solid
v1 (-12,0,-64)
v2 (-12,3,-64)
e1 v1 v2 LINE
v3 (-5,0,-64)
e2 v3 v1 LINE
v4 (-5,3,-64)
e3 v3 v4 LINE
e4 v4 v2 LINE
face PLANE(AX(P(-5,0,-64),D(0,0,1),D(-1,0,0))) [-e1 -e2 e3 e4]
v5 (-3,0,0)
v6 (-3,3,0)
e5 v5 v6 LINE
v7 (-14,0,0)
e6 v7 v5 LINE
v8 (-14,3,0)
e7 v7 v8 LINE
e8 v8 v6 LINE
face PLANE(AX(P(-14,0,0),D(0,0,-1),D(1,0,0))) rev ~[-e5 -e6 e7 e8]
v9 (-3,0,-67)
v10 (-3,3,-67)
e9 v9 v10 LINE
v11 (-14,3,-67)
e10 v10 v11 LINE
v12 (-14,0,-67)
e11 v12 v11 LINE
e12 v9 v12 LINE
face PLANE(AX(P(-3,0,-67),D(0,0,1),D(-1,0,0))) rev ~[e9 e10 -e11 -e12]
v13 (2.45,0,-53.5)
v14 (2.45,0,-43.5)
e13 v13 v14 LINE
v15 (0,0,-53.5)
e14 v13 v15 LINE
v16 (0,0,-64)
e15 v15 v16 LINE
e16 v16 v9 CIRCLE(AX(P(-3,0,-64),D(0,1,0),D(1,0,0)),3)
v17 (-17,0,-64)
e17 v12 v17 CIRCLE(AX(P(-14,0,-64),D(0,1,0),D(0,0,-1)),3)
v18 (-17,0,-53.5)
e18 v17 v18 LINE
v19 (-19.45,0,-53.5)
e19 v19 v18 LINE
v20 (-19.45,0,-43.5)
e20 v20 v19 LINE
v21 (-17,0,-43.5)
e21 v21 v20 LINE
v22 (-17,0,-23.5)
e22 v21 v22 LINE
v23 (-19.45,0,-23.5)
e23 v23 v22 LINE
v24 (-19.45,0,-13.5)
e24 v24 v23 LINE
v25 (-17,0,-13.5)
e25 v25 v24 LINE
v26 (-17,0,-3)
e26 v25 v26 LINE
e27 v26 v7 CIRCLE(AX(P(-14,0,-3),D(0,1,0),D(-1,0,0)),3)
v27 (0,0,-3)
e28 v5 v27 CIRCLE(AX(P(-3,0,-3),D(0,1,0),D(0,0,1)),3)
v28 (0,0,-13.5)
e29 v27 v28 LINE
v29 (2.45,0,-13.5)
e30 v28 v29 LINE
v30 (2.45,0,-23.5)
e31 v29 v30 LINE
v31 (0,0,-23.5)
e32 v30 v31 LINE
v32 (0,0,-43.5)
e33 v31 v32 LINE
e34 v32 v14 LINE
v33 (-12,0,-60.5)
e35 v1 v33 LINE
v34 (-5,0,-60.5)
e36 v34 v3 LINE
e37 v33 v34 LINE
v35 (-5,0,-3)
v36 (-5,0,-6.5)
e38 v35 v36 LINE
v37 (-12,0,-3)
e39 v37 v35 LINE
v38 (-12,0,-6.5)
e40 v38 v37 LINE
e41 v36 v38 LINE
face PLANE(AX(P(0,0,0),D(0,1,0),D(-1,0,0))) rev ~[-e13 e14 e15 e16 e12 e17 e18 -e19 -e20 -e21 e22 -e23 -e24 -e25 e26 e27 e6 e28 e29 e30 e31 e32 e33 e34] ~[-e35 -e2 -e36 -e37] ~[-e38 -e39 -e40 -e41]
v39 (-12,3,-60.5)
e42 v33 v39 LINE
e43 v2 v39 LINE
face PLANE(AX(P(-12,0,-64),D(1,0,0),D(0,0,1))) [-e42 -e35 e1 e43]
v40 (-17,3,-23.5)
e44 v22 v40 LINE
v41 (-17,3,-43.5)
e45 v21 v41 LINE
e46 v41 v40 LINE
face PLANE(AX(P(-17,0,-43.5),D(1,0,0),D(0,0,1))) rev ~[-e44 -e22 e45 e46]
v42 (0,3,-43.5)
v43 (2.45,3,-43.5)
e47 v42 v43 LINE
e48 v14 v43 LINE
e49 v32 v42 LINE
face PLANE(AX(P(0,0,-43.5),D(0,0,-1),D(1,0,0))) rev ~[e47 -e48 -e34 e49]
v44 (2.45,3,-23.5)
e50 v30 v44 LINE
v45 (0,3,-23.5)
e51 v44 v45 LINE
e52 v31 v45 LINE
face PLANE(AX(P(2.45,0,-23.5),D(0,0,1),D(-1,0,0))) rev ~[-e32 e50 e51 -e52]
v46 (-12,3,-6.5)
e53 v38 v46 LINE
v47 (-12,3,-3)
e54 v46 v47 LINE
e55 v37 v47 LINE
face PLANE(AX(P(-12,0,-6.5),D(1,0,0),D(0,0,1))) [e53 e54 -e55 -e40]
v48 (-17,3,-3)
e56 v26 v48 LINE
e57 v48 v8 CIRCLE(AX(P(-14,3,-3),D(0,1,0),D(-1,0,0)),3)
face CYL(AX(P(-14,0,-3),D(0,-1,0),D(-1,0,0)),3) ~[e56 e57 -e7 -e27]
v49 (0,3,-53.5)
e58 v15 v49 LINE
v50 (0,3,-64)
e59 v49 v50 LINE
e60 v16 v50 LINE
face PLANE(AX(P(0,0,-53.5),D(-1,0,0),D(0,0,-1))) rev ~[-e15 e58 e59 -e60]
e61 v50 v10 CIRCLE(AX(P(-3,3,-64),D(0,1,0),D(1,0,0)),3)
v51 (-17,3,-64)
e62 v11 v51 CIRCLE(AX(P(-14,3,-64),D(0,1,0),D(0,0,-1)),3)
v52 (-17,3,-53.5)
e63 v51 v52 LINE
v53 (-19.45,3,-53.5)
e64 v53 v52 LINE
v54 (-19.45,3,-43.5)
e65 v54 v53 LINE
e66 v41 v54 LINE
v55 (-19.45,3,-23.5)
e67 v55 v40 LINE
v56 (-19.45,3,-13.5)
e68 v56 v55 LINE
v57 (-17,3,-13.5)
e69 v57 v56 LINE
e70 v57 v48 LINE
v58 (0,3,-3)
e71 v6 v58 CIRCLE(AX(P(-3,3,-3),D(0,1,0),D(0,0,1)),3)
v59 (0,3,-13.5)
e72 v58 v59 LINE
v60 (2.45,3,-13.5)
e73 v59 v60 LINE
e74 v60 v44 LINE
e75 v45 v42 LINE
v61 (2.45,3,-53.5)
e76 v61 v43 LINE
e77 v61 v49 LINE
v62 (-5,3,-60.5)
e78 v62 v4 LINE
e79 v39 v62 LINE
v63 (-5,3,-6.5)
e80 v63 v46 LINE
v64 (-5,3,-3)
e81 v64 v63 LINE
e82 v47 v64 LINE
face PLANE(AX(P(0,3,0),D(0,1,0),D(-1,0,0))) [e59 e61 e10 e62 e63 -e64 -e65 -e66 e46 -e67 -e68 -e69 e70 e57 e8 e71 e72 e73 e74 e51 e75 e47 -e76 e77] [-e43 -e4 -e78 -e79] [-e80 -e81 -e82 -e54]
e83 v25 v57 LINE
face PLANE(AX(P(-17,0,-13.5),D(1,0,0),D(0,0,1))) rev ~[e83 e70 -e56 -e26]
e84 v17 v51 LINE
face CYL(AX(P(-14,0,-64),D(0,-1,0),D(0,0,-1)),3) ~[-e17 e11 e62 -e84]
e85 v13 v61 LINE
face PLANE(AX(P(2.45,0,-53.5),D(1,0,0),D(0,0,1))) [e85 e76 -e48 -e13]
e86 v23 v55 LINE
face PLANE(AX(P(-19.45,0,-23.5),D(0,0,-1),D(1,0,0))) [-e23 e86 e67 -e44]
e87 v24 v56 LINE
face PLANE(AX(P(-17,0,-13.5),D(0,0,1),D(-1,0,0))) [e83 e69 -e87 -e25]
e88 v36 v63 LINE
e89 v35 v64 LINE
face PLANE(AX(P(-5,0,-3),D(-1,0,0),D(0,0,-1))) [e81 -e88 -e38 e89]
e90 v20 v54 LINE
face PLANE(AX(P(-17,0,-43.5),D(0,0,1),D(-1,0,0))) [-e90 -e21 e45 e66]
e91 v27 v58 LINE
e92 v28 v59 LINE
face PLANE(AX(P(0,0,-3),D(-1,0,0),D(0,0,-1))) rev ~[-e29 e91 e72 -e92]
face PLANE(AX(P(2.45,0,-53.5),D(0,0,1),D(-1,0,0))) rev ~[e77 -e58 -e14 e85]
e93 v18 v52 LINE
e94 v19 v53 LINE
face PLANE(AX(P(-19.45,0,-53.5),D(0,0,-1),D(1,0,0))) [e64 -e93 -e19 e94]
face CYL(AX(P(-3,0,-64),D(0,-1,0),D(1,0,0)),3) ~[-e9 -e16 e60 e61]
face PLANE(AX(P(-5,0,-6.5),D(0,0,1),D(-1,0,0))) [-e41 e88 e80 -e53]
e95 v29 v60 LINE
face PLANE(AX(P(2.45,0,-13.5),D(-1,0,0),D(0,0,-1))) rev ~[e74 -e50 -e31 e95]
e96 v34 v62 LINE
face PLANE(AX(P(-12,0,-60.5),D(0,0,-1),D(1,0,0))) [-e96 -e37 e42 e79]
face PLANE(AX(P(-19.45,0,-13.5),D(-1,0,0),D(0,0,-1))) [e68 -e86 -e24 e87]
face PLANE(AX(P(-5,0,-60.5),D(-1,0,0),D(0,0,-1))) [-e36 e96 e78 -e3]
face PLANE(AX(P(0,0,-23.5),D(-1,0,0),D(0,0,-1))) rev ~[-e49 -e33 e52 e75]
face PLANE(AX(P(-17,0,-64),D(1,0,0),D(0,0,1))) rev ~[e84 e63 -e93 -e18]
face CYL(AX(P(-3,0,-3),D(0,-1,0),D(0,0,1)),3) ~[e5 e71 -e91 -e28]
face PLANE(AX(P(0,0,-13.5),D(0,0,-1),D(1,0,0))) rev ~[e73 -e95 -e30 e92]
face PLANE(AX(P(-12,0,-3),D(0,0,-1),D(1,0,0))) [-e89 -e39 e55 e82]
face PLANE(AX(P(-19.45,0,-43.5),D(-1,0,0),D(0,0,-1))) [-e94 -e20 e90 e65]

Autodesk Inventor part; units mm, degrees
ref_plane "YZ Plane" through (0, 0, 0) normal (1, 0, 0) x (0, 1, 0)
ref_plane "XZ Plane" through (0, 0, 0) normal (0, 1, 0) x (-1, 0, 0)
ref_plane "XY Plane" through (0, 0, 0) normal (0, 0, 1) x (1, 0, 0)
sketch "Sketch1" plane through (0, 0, 0) normal (0, 1, 0) x (-1, 0, 0)
  line L0 (8.5, -19.9274) -> (8.5, -42.3236) construction
  line L1 (13.2323, -33.5) -> (6.4845, -33.5) construction
  line L2 (17, -13.5) -> (19.45, -13.5)
  line L3 (19.45, -13.5) -> (19.45, -23.5)
  line L4 (19.45, -23.5) -> (17, -23.5)
  line L5 (17, -43.5) -> (19.45, -43.5)
  line L6 (19.45, -43.5) -> (19.45, -53.5)
  line L7 (19.45, -53.5) -> (17, -53.5)
  line L8 (0, -13.5) -> (-2.45, -13.5)
  line L9 (-2.45, -13.5) -> (-2.45, -23.5)
  line L10 (-2.45, -23.5) -> (0, -23.5)
  line L11 (0, -43.5) -> (-2.45, -43.5)
  line L12 (-2.45, -53.5) -> (0, -53.5)
  line L13 (-2.45, -53.5) -> (-2.45, -43.5)
  line L14 (17, -13.5) -> (17, -3)
  line L15 (17, -64) -> (17, -53.5)
  line L16 (17, -43.5) -> (17, -23.5)
  line L17 (0, -3) -> (0, -13.5)
  line L18 (0, -23.5) -> (0, -43.5)
  line L19 (0, -53.5) -> (0, -64)
  line L20 (14, 0) -> (3, 0)
  line L21 (3, -67) -> (14, -67)
  line L22 (12, -3) -> (5, -3)
  line L23 (5, -3) -> (5, -6.5)
  line L24 (5, -6.5) -> (12, -6.5)
  line L25 (12, -6.5) -> (12, -3)
  line L26 (12, -60.5) -> (5, -60.5)
  line L27 (5, -60.5) -> (5, -64)
  line L28 (5, -64) -> (12, -64)
  line L29 (12, -64) -> (12, -60.5)
  arc A0 (17, -3) -> (14, 0) centre (14, -3) ccw
  arc A1 (3, 0) -> (0, -3) centre (3, -3) ccw
  arc A2 (14, -67) -> (17, -64) centre (14, -64) ccw
  arc A3 (0, -64) -> (3, -67) centre (3, -64) ccw
  point P0 (0, 0)
  dimension "d8" = 10
  dimension "d9" = 20
  dimension "d17" = 2.45
  dimension "d21" = 67
  dimension "d22" = 17
  dimension "d23" = 7
  dimension "d24" = 3.5
  dimension "d25" = 3
  dimension "d27" = 6
extrude "Extrusion1" add sketch "Sketch1" along normal blind 3
properties part number "Back_Wall"
